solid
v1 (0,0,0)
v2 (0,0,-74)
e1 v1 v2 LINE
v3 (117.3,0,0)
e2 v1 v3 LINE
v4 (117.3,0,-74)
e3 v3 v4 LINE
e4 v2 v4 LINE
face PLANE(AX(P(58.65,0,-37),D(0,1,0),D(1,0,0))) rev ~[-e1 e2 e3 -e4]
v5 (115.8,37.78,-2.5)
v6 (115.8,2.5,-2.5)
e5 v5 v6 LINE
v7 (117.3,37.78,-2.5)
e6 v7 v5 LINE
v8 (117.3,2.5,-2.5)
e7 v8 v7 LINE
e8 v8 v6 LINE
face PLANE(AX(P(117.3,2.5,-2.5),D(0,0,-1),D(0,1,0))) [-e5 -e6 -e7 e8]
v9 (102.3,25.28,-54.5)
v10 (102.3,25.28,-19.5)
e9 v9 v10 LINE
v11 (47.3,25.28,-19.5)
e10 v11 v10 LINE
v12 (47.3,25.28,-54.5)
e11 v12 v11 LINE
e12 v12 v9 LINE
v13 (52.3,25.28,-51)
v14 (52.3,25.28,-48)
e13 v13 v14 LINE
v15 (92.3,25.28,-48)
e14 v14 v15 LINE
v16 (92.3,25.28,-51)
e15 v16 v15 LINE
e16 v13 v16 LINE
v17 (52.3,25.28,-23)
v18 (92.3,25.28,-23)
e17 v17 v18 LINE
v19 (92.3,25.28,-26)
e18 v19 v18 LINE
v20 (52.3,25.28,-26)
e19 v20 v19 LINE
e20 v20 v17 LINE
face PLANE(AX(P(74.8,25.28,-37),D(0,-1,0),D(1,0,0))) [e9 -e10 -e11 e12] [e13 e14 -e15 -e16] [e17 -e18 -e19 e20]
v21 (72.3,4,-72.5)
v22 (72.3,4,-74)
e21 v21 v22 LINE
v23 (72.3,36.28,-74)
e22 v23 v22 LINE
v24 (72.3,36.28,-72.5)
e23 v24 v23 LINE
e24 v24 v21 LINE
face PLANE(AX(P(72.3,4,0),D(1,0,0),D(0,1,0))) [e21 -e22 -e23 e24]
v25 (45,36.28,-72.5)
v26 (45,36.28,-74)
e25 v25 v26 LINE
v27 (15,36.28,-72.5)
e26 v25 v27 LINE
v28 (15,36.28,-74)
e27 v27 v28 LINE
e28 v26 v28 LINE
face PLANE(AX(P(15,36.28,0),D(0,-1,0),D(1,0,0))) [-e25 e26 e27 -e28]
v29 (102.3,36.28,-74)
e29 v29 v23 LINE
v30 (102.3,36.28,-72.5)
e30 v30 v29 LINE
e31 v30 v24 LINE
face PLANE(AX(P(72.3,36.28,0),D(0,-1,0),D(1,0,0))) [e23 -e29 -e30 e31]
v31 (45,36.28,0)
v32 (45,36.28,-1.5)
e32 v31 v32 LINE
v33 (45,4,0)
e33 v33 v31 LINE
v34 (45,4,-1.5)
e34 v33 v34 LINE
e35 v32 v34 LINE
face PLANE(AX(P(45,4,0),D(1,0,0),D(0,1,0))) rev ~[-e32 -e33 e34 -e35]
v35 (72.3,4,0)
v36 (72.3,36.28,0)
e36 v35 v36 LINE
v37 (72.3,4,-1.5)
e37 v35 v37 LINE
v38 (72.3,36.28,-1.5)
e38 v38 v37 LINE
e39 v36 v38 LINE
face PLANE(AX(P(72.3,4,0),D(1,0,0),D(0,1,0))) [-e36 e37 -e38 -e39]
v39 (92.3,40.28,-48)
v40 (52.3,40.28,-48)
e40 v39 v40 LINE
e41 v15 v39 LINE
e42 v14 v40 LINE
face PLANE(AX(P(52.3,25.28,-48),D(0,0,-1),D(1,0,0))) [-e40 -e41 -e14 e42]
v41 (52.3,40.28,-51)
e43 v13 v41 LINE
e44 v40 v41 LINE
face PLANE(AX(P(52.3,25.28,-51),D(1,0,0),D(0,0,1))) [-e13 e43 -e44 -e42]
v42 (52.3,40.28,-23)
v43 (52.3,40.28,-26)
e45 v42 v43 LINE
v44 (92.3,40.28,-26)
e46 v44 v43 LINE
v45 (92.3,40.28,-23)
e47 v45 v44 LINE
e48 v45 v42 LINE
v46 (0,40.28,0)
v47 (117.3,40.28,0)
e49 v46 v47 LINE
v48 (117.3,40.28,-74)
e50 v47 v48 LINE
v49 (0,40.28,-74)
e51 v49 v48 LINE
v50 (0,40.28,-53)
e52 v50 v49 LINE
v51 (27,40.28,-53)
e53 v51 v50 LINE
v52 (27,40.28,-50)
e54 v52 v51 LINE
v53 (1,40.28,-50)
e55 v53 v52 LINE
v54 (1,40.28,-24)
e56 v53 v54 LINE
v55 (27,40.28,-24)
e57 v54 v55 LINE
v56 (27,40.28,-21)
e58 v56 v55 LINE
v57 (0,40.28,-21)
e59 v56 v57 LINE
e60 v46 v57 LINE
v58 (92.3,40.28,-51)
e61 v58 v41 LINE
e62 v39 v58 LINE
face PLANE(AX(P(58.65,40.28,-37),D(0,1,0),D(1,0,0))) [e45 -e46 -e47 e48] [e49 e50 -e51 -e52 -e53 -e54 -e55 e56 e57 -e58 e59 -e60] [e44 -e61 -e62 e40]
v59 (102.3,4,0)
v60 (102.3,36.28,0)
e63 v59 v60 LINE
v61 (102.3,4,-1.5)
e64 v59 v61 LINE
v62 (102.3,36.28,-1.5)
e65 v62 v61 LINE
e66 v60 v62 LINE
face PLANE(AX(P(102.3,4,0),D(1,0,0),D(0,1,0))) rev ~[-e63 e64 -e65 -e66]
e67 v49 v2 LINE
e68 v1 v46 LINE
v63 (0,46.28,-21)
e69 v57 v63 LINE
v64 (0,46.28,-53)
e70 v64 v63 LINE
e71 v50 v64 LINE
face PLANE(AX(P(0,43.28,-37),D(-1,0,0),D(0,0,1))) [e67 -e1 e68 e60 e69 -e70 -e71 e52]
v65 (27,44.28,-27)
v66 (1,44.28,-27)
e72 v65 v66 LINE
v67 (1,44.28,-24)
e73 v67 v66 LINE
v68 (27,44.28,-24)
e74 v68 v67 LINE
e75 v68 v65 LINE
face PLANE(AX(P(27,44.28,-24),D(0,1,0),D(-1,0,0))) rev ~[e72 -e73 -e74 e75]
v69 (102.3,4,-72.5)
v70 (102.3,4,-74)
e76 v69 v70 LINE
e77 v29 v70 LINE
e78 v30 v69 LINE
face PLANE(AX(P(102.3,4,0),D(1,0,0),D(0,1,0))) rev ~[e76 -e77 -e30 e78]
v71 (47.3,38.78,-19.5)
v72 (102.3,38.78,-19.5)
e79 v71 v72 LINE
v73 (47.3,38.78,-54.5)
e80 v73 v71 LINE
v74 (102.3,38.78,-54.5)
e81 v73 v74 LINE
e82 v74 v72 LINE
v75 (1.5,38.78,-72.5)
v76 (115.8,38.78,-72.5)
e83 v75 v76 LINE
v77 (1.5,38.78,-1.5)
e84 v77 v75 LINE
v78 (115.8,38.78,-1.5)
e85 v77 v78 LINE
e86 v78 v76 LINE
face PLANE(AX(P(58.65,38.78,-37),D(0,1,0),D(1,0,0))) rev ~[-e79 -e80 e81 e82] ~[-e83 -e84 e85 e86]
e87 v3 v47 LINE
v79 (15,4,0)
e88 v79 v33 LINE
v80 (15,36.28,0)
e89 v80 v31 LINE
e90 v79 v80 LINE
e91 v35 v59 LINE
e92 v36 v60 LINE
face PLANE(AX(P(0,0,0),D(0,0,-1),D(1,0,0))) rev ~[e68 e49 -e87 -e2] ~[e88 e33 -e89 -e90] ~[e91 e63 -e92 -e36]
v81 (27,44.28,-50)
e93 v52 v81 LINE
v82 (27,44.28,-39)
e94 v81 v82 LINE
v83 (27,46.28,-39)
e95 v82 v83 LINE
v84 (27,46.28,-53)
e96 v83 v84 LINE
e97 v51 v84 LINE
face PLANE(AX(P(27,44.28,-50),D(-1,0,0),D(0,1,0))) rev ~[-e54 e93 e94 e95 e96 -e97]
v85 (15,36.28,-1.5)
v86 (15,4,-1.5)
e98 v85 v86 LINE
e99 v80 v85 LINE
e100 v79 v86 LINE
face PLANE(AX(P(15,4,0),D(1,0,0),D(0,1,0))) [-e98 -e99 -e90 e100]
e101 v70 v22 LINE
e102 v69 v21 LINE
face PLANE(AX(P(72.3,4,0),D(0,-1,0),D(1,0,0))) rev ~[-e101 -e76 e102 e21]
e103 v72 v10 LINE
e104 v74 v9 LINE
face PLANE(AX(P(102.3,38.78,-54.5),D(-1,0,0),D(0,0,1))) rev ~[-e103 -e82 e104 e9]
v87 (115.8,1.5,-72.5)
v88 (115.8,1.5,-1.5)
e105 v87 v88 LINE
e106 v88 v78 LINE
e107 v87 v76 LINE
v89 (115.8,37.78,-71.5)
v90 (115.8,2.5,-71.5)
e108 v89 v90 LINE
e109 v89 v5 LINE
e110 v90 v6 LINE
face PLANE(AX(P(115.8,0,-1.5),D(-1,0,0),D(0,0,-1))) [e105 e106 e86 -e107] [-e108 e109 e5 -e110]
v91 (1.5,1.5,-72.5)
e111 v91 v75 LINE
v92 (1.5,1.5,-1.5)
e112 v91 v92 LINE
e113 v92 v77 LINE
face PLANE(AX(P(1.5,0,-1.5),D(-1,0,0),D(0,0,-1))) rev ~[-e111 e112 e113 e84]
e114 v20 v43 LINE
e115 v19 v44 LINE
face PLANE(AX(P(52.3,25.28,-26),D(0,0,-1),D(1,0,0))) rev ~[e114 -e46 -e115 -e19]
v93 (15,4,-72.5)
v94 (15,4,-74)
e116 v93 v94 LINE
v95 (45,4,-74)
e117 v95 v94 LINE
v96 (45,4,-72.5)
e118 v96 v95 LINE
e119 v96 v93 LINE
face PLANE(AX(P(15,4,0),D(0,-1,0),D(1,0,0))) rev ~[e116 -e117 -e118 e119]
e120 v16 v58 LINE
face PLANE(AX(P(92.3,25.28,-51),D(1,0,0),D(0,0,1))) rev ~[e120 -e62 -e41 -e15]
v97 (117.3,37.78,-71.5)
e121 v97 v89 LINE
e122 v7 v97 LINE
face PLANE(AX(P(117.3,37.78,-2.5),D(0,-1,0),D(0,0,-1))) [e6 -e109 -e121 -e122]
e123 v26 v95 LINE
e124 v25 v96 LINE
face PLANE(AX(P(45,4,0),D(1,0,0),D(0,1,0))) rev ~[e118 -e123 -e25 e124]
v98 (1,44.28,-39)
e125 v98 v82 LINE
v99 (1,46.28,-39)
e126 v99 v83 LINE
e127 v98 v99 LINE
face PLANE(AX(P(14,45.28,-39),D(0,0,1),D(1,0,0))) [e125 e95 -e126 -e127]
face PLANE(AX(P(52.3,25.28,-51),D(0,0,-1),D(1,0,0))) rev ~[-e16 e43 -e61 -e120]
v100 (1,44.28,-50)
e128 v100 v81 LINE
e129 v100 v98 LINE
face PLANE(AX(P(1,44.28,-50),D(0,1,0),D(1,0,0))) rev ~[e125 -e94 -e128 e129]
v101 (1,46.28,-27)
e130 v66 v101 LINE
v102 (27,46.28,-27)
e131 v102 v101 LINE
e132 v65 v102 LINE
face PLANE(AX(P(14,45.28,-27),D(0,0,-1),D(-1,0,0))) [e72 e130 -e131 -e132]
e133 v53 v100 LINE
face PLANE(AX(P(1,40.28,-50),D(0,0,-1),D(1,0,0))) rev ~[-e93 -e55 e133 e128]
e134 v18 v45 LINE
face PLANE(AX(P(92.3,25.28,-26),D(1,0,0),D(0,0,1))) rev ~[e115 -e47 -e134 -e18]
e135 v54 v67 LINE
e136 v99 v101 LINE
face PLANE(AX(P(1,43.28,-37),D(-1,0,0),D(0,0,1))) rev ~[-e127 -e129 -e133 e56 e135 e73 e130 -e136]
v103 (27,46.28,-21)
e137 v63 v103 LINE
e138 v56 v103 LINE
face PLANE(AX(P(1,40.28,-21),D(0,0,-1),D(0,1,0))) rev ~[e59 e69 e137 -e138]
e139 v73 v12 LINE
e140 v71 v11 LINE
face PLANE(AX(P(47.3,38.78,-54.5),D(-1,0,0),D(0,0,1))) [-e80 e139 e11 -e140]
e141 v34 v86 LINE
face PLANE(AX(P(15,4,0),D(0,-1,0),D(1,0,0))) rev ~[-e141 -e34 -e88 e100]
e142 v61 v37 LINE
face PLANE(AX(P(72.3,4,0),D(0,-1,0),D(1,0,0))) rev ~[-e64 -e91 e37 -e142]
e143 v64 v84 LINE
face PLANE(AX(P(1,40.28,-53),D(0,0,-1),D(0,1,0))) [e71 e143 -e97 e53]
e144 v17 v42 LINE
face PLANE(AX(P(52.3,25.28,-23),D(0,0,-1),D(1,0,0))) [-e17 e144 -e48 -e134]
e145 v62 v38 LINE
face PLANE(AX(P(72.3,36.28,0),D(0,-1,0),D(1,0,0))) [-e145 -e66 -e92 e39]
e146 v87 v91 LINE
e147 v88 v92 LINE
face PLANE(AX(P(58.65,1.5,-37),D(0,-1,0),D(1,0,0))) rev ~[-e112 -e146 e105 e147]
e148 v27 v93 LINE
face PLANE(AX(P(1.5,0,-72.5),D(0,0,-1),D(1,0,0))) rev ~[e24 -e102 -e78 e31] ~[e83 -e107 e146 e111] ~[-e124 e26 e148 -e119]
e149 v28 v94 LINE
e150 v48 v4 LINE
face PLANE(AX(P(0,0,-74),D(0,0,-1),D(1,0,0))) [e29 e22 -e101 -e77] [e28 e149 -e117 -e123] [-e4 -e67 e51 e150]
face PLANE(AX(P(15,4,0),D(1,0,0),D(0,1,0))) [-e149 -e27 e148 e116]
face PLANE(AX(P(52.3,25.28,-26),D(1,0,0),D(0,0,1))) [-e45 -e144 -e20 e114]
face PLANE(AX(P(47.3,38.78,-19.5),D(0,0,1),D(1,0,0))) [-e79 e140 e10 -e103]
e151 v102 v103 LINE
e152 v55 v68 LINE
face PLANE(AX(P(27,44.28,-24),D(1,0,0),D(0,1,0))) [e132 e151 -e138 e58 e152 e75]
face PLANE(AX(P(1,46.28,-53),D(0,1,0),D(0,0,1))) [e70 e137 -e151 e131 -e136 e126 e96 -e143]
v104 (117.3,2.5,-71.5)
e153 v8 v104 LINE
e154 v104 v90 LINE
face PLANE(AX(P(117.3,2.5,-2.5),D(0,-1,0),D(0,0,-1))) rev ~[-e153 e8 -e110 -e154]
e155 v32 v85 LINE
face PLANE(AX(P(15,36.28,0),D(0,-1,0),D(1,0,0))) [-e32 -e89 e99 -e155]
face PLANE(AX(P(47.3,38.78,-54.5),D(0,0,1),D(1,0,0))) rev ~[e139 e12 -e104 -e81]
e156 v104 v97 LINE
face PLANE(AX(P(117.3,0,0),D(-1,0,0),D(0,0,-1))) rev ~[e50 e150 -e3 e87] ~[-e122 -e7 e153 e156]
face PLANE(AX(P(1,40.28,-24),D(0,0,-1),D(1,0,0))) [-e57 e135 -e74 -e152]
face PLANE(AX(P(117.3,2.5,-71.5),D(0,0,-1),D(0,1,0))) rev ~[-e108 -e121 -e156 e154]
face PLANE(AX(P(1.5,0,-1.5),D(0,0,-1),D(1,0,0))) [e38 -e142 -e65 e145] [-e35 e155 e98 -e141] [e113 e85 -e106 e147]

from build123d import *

# Parameters (mm, degrees)
SKETCH1_W            = 117.3
SKETCH1_H            = 74
SKETCH1_W_2          = 114.3
SKETCH1_H_2          = 71
BOSS_EXTRUDE1_DEPTH  = 40.28
SKETCH5_W            = 117.3
SKETCH5_H            = 74
BOSS_EXTRUDE3_DEPTH  = 1.5
SKETCH7_W            = 69
SKETCH7_H            = 35.28
CUT_EXTRUDE3_DEPTH   = 2
SKETCH8_W            = 117.3
SKETCH8_H            = 74
BOSS_EXTRUDE4_DEPTH  = 1.5
SKETCH9_W            = 26
SKETCH9_H            = 3
BOSS_EXTRUDE5_DEPTH  = 6
SKETCH10_W           = 26
SKETCH10_H           = 2
BOSS_EXTRUDE6_DEPTH  = 11
SKETCH11_W           = 26
SKETCH11_H           = 2
BOSS_EXTRUDE7_DEPTH  = 3
SKETCH12_W           = 32
SKETCH12_H           = 6
BOSS_EXTRUDE8_DEPTH  = 1
SKETCH19_W           = 30
SKETCH19_H           = 32.28
CUT_EXTRUDE6_DEPTH   = 147.209193965
SKETCH20_W           = 55
SKETCH20_H           = 35
BOSS_EXTRUDE10_DEPTH = 13.5
SKETCH22_W           = 40
SKETCH22_H           = 3
CUT_EXTRUDE7_DEPTH   = 141.976481727


with BuildPart() as part:
    # Sketch1 → Boss-Extrude1 (new body)
    with BuildSketch(Plane(origin=(0, 0, 0), x_dir=(1, 0, 0), z_dir=(0, 1, 0))):
        with Locations((58.65, 37)):
            Rectangle(SKETCH1_W, SKETCH1_H)
        with Locations((58.65, 37)):
            Rectangle(SKETCH1_W_2, SKETCH1_H_2, mode=Mode.SUBTRACT)
    extrude(amount=BOSS_EXTRUDE1_DEPTH)

    # Sketch5 → Boss-Extrude3 (add)
    with BuildSketch(Plane.XZ):
        with Locations((58.65, -37)):
            Rectangle(SKETCH5_W, SKETCH5_H)
    extrude(amount=-BOSS_EXTRUDE3_DEPTH)

    # Sketch7 → Cut-Extrude3 (cut)
    with BuildSketch(Plane(origin=(117.3, 0, 0), x_dir=(0, 0, -1), z_dir=(1, 0, 0))):
        with Locations((37, 20.14)):
            Rectangle(SKETCH7_W, SKETCH7_H)
    extrude(amount=-CUT_EXTRUDE3_DEPTH, mode=Mode.SUBTRACT)

    # Sketch8 → Boss-Extrude4 (add)
    with BuildSketch(Plane(origin=(0, 40.28, 0), x_dir=(1, 0, 0), z_dir=(0, 1, 0))):
        with Locations((58.65, 37)):
            Rectangle(SKETCH8_W, SKETCH8_H)
    extrude(amount=-BOSS_EXTRUDE4_DEPTH)

    # Sketch9 → Boss-Extrude5 (add)
    with BuildSketch(Plane(origin=(0, 40.28, 0), x_dir=(1, 0, 0), z_dir=(0, 1, 0))):
        with Locations((14, 51.5)):
            Rectangle(SKETCH9_W, SKETCH9_H)
        with Locations((14, 22.5)):
            Rectangle(SKETCH9_W, SKETCH9_H)
    extrude(amount=BOSS_EXTRUDE5_DEPTH)

    # Sketch10 → Boss-Extrude6 (add)
    with BuildSketch(Plane.XY.offset(-50)):
        with Locations((14, 45.28)):
            Rectangle(SKETCH10_W, SKETCH10_H)
    extrude(amount=BOSS_EXTRUDE6_DEPTH)

    # Sketch11 → Boss-Extrude7 (add)
    with BuildSketch(Plane(origin=(0, 0, -24), x_dir=(-1, 0, 0), z_dir=(0, 0, -1))):
        with Locations((-14, 45.28)):
            Rectangle(SKETCH11_W, SKETCH11_H)
    extrude(amount=BOSS_EXTRUDE7_DEPTH)

    # Sketch12 → Boss-Extrude8 (add)
    with BuildSketch(Plane.ZY.offset(-1)):
        with Locations((-37, 43.28)):
            Rectangle(SKETCH12_W, SKETCH12_H)
    extrude(amount=BOSS_EXTRUDE8_DEPTH)

    # Sketch19 → Cut-Extrude6 (cut, through all)
    with BuildSketch(Plane.XY):
        with Locations((30, 20.14)):
            Rectangle(SKETCH19_W, SKETCH19_H)
        with Locations((87.3, 20.14)):
            Rectangle(SKETCH19_W, SKETCH19_H)
    extrude(amount=-CUT_EXTRUDE6_DEPTH, mode=Mode.SUBTRACT)

    # Sketch20 → Boss-Extrude10 (add)
    with BuildSketch(Plane.XZ.offset(-38.78)):
        with Locations((74.8, -37)):
            Rectangle(SKETCH20_W, SKETCH20_H)
    extrude(amount=BOSS_EXTRUDE10_DEPTH)

    # Sketch22 → Cut-Extrude7 (cut, through all)
    with BuildSketch(Plane.XZ.offset(-25.28)):
        with Locations((72.3, -24.5)):
            Rectangle(SKETCH22_W, SKETCH22_H)
        with Locations((72.3, -49.5)):
            Rectangle(SKETCH22_W, SKETCH22_H)
    extrude(amount=-CUT_EXTRUDE7_DEPTH, mode=Mode.SUBTRACT)


solid = part.part
